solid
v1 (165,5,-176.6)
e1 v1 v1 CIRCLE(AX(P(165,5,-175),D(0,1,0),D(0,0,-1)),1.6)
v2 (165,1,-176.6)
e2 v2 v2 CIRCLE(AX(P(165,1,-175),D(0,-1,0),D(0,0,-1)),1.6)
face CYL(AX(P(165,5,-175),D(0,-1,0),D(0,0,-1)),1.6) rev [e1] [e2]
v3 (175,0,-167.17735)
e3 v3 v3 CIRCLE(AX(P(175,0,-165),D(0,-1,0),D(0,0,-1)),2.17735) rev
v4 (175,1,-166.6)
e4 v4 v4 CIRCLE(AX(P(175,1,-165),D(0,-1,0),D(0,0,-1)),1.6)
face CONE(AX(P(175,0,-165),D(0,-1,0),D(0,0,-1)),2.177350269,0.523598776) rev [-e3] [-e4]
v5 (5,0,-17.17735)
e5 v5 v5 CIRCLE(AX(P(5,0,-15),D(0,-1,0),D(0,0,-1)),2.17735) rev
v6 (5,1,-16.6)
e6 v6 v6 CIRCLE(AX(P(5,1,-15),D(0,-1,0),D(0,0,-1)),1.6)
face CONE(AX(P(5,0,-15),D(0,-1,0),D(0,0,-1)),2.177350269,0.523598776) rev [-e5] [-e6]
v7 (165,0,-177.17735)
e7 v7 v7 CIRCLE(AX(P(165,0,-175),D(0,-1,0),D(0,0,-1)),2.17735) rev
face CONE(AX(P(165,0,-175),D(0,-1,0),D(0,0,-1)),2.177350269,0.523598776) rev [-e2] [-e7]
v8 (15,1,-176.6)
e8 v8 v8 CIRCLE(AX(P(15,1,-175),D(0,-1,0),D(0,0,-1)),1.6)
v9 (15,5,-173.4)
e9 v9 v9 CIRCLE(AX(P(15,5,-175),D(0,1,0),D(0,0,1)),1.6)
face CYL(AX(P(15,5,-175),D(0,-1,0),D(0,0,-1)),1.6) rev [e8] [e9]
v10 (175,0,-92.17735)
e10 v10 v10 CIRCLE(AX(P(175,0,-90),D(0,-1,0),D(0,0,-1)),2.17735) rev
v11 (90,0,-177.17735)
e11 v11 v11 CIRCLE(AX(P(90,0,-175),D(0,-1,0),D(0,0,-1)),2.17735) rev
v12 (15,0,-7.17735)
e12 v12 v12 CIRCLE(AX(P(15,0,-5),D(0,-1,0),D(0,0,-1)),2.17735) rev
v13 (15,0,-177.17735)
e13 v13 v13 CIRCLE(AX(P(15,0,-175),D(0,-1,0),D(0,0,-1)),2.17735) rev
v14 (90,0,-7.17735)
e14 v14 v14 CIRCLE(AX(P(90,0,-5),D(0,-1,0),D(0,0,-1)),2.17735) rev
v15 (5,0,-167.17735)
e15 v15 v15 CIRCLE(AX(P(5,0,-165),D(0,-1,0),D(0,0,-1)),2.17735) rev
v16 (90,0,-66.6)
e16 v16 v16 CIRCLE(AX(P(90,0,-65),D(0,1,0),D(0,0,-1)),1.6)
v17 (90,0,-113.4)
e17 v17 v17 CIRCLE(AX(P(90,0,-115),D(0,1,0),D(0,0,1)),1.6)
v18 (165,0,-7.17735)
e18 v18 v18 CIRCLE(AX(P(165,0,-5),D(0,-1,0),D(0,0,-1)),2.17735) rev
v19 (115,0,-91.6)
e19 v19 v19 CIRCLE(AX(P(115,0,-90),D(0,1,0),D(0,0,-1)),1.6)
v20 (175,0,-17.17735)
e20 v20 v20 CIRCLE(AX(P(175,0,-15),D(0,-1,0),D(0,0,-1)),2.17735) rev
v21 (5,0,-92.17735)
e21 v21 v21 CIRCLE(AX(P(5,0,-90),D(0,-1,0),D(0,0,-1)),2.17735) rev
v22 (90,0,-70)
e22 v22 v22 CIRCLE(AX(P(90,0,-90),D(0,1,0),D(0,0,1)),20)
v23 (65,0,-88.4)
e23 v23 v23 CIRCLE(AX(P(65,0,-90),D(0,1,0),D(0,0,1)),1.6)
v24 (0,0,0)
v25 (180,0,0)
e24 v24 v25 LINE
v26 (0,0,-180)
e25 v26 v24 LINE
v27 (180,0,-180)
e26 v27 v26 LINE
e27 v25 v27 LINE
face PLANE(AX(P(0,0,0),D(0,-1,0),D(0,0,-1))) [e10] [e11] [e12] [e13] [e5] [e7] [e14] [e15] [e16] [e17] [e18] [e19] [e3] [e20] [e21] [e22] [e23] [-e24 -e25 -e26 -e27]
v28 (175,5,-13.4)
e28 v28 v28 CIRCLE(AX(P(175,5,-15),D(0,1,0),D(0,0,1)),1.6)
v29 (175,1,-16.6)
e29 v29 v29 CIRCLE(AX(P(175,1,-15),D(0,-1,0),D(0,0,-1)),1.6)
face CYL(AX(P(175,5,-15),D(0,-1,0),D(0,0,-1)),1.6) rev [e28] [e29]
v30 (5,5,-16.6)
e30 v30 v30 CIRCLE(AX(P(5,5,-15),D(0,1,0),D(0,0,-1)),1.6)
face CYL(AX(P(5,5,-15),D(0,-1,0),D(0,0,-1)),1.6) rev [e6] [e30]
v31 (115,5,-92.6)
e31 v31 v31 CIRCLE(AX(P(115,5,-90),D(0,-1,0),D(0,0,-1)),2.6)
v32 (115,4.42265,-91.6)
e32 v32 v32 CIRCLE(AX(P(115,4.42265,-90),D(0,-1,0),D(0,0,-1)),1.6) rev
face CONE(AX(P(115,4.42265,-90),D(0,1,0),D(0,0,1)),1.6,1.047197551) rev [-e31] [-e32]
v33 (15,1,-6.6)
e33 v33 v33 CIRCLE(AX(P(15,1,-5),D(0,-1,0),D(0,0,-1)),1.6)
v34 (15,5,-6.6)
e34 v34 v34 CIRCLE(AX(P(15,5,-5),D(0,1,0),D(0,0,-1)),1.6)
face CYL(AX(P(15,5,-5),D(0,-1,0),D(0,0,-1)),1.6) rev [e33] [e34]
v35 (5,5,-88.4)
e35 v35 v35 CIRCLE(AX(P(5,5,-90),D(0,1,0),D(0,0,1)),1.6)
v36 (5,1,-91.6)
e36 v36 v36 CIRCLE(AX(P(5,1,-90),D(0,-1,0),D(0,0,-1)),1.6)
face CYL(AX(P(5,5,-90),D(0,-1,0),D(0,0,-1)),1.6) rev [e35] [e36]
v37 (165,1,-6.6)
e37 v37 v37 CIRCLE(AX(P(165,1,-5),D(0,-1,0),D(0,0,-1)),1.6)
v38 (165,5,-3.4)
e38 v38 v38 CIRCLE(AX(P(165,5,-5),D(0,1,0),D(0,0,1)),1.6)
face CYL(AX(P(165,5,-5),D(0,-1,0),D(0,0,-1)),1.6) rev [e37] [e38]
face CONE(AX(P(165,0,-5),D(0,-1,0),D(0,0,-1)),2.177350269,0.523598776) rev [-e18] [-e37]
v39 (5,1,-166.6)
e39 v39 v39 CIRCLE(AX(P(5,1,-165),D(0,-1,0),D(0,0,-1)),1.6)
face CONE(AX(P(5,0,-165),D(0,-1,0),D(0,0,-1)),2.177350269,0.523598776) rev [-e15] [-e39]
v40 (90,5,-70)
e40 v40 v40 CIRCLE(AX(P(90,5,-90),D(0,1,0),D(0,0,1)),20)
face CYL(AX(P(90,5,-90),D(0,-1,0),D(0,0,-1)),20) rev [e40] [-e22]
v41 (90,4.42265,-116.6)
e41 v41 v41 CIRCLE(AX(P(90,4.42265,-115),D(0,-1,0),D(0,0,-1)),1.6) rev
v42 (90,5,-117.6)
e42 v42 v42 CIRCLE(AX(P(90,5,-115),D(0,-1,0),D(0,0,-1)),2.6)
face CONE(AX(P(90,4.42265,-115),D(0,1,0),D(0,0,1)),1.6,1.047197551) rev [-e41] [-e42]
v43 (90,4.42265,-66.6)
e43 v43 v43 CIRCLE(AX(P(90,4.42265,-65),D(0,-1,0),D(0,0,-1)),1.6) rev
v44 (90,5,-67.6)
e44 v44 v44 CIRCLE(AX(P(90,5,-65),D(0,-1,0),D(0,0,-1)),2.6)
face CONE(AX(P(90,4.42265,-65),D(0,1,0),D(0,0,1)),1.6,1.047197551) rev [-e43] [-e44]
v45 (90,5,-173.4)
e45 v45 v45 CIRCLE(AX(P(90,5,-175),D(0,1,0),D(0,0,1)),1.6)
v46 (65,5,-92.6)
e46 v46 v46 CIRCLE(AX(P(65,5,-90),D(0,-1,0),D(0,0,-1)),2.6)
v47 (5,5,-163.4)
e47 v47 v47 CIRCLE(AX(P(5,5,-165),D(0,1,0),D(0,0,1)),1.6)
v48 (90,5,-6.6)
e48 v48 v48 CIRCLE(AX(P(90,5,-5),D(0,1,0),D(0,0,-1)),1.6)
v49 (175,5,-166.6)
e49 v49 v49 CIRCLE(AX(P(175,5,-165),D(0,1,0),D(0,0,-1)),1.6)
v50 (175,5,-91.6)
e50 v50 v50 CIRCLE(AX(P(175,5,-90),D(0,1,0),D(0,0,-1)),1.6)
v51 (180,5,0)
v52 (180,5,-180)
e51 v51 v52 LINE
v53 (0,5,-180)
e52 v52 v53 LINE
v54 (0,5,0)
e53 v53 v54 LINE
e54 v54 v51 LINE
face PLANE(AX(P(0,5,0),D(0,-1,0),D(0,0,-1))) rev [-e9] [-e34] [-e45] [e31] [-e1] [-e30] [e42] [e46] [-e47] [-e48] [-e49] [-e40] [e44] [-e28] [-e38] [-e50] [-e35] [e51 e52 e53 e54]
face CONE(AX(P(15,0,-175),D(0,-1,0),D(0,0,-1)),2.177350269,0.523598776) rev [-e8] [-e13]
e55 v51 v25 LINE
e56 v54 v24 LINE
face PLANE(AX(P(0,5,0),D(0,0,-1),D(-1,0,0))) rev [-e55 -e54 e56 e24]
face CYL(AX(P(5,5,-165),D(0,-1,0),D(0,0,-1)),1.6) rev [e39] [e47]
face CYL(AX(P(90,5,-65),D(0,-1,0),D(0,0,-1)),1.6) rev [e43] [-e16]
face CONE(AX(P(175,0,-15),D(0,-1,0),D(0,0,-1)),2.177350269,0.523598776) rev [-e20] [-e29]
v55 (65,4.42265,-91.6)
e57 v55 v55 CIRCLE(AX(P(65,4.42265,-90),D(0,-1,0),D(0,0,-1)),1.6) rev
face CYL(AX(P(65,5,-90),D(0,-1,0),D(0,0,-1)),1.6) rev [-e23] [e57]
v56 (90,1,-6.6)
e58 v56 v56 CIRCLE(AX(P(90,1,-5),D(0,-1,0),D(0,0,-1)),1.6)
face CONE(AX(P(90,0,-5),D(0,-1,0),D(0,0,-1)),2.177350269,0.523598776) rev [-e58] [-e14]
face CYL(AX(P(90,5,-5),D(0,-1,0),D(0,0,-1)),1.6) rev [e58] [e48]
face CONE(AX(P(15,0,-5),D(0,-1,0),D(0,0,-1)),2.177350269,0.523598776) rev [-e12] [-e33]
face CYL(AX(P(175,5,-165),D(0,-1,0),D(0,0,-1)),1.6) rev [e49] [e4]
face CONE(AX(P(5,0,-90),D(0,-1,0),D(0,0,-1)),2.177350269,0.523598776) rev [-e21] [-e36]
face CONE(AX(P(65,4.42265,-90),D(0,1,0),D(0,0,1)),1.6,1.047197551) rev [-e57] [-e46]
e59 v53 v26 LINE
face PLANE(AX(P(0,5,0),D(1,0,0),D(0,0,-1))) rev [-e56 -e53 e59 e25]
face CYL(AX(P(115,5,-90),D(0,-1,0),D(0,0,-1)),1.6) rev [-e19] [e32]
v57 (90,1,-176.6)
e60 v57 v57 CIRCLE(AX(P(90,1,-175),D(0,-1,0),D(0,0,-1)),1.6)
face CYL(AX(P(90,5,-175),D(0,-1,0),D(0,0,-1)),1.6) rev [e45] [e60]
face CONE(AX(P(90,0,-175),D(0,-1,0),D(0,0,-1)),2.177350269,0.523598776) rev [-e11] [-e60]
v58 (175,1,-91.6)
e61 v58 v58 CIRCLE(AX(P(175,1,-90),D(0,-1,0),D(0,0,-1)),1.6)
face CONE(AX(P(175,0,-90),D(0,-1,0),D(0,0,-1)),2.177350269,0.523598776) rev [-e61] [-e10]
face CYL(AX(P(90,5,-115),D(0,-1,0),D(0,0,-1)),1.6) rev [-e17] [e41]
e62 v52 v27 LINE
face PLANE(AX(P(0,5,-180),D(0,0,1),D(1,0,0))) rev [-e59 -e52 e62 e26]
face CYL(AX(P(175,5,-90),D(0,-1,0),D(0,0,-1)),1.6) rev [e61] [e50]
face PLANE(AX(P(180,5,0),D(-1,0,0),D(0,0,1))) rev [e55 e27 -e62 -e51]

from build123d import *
from OCP.BRepFilletAPI import BRepFilletAPI_MakeChamfer

# Parameters (mm, degrees)
SKETCH1_W           = 180
SKETCH1_H           = 180
SKETCH1_R           = 20
SKETCH1_R_2         = 1.6
BOSS_EXTRUDE1_DEPTH = 5
CHAMFER3_SIZE       = 1
CHAMFER3_SIZE2      = 0.577350269
CHAMFER4_SIZE       = 1
CHAMFER4_SIZE2      = 0.577350269


with BuildPart() as part:
    # Sketch1 → Boss-Extrude1 (new body)
    with BuildSketch(Plane(origin=(0, 0, 0), x_dir=(1, 0, 0), z_dir=(0, 1, 0))):
        with Locations((90, 90)):
            Rectangle(SKETCH1_W, SKETCH1_H)
        with Locations(Location((90, 90, 0), (0, 0, 270))):
            Circle(SKETCH1_R, mode=Mode.SUBTRACT)
        with Locations(Location((5, 165, 0), (0, 0, 270))):
            Circle(SKETCH1_R_2, mode=Mode.SUBTRACT)
        with Locations(Location((5, 90, 0), (0, 0, 270))):
            Circle(SKETCH1_R_2, mode=Mode.SUBTRACT)
        with Locations(Location((5, 15, 0), (0, 0, 90))):
            Circle(SKETCH1_R_2, mode=Mode.SUBTRACT)
        with Locations(Location((175, 15, 0), (0, 0, 270))):
            Circle(SKETCH1_R_2, mode=Mode.SUBTRACT)
        with Locations(Location((175, 90, 0), (0, 0, 90))):
            Circle(SKETCH1_R_2, mode=Mode.SUBTRACT)
        with Locations(Location((175, 165, 0), (0, 0, 90))):
            Circle(SKETCH1_R_2, mode=Mode.SUBTRACT)
        with Locations(Location((15, 175, 0), (0, 0, 270))):
            Circle(SKETCH1_R_2, mode=Mode.SUBTRACT)
        with Locations(Location((90, 175, 0), (0, 0, 270))):
            Circle(SKETCH1_R_2, mode=Mode.SUBTRACT)
        with Locations(Location((165, 175, 0), (0, 0, 90))):
            Circle(SKETCH1_R_2, mode=Mode.SUBTRACT)
        with Locations(Location((165, 5, 0), (0, 0, 270))):
            Circle(SKETCH1_R_2, mode=Mode.SUBTRACT)
        with Locations(Location((90, 5, 0), (0, 0, 90))):
            Circle(SKETCH1_R_2, mode=Mode.SUBTRACT)
        with Locations(Location((15, 5, 0), (0, 0, 90))):
            Circle(SKETCH1_R_2, mode=Mode.SUBTRACT)
        with Locations(Location((90, 115, 0), (0, 0, 270))):
            Circle(SKETCH1_R_2, mode=Mode.SUBTRACT)
        with Locations(Location((90, 65, 0), (0, 0, 90))):
            Circle(SKETCH1_R_2, mode=Mode.SUBTRACT)
        with Locations(Location((65, 90, 0), (0, 0, 270))):
            Circle(SKETCH1_R_2, mode=Mode.SUBTRACT)
        with Locations(Location((115, 90, 0), (0, 0, 90))):
            Circle(SKETCH1_R_2, mode=Mode.SUBTRACT)
    extrude(amount=BOSS_EXTRUDE1_DEPTH)

    # Chamfer3
    chamfer3_edges = [part.edges().sort_by_distance(p)[0] for p in [
        (90, 5, -116.6),
        (90, 5, -63.4),
        (65, 5, -91.6),
        (115, 5, -88.4),
    ]]
    chamfer3_side = [part.faces().sort_by_distance(p)[0] for p in [
        (90, 5, -2.545584412),
    ]]
    chamfer(chamfer3_edges, length=CHAMFER3_SIZE, length2=CHAMFER3_SIZE2, reference=chamfer3_side[0])

    # Chamfer4: one chamfer whose edges measure the first distance from different faces: ONE call of the kernel's chamfer builder (chamfer() names one face for all edges)
    chamfer4_edges_1 = [part.edges().sort_by_distance(p)[0] for p in [
        (175, 0, -16.6),
    ]]
    chamfer4_side_1 = [part.faces().sort_by_distance(p)[0] for p in [
        (175, 2.5, -16.6),
    ]]
    chamfer4_edges_2 = [part.edges().sort_by_distance(p)[0] for p in [
        (5, 0, -166.6),
    ]]
    chamfer4_side_2 = [part.faces().sort_by_distance(p)[0] for p in [
        (5, 2.5, -166.6),
    ]]
    chamfer4_edges_3 = [part.edges().sort_by_distance(p)[0] for p in [
        (5, 0, -91.6),
    ]]
    chamfer4_side_3 = [part.faces().sort_by_distance(p)[0] for p in [
        (5, 2.5, -91.6),
    ]]
    chamfer4_edges_4 = [part.edges().sort_by_distance(p)[0] for p in [
        (15, 0, -176.6),
    ]]
    chamfer4_side_4 = [part.faces().sort_by_distance(p)[0] for p in [
        (15, 2.5, -176.6),
    ]]
    chamfer4_edges_5 = [part.edges().sort_by_distance(p)[0] for p in [
        (5, 0, -13.4),
    ]]
    chamfer4_side_5 = [part.faces().sort_by_distance(p)[0] for p in [
        (5, 2.5, -13.4),
    ]]
    chamfer4_edges_6 = [part.edges().sort_by_distance(p)[0] for p in [
        (175, 0, -88.4),
    ]]
    chamfer4_side_6 = [part.faces().sort_by_distance(p)[0] for p in [
        (175, 2.5, -88.4),
    ]]
    chamfer4_edges_7 = [part.edges().sort_by_distance(p)[0] for p in [
        (175, 0, -163.4),
    ]]
    chamfer4_side_7 = [part.faces().sort_by_distance(p)[0] for p in [
        (175, 2.5, -163.4),
    ]]
    chamfer4_edges_8 = [part.edges().sort_by_distance(p)[0] for p in [
        (90, 0, -176.6),
    ]]
    chamfer4_side_8 = [part.faces().sort_by_distance(p)[0] for p in [
        (90, 2.5, -176.6),
    ]]
    chamfer4_edges_9 = [part.edges().sort_by_distance(p)[0] for p in [
        (165, 0, -173.4),
    ]]
    chamfer4_side_9 = [part.faces().sort_by_distance(p)[0] for p in [
        (165, 2.5, -173.4),
    ]]
    chamfer4_edges_10 = [part.edges().sort_by_distance(p)[0] for p in [
        (165, 0, -6.6),
    ]]
    chamfer4_side_10 = [part.faces().sort_by_distance(p)[0] for p in [
        (165, 2.5, -6.6),
    ]]
    chamfer4_edges_11 = [part.edges().sort_by_distance(p)[0] for p in [
        (90, 0, -3.4),
    ]]
    chamfer4_side_11 = [part.faces().sort_by_distance(p)[0] for p in [
        (90, 2.5, -3.4),
    ]]
    chamfer4_edges_12 = [part.edges().sort_by_distance(p)[0] for p in [
        (15, 0, -3.4),
    ]]
    chamfer4_side_12 = [part.faces().sort_by_distance(p)[0] for p in [
        (15, 2.5, -3.4),
    ]]
    chamfer4 = BRepFilletAPI_MakeChamfer(part.part.solid().wrapped)
    for e in chamfer4_edges_1:
        chamfer4.Add(CHAMFER4_SIZE, CHAMFER4_SIZE2, e.wrapped, chamfer4_side_1[0].wrapped)  # the first distance lies on this face
    for e in chamfer4_edges_2:
        chamfer4.Add(CHAMFER4_SIZE, CHAMFER4_SIZE2, e.wrapped, chamfer4_side_2[0].wrapped)  # the first distance lies on this face
    for e in chamfer4_edges_3:
        chamfer4.Add(CHAMFER4_SIZE, CHAMFER4_SIZE2, e.wrapped, chamfer4_side_3[0].wrapped)  # the first distance lies on this face
    for e in chamfer4_edges_4:
        chamfer4.Add(CHAMFER4_SIZE, CHAMFER4_SIZE2, e.wrapped, chamfer4_side_4[0].wrapped)  # the first distance lies on this face
    for e in chamfer4_edges_5:
        chamfer4.Add(CHAMFER4_SIZE, CHAMFER4_SIZE2, e.wrapped, chamfer4_side_5[0].wrapped)  # the first distance lies on this face
    for e in chamfer4_edges_6:
        chamfer4.Add(CHAMFER4_SIZE, CHAMFER4_SIZE2, e.wrapped, chamfer4_side_6[0].wrapped)  # the first distance lies on this face
    for e in chamfer4_edges_7:
        chamfer4.Add(CHAMFER4_SIZE, CHAMFER4_SIZE2, e.wrapped, chamfer4_side_7[0].wrapped)  # the first distance lies on this face
    for e in chamfer4_edges_8:
        chamfer4.Add(CHAMFER4_SIZE, CHAMFER4_SIZE2, e.wrapped, chamfer4_side_8[0].wrapped)  # the first distance lies on this face
    for e in chamfer4_edges_9:
        chamfer4.Add(CHAMFER4_SIZE, CHAMFER4_SIZE2, e.wrapped, chamfer4_side_9[0].wrapped)  # the first distance lies on this face
    for e in chamfer4_edges_10:
        chamfer4.Add(CHAMFER4_SIZE, CHAMFER4_SIZE2, e.wrapped, chamfer4_side_10[0].wrapped)  # the first distance lies on this face
    for e in chamfer4_edges_11:
        chamfer4.Add(CHAMFER4_SIZE, CHAMFER4_SIZE2, e.wrapped, chamfer4_side_11[0].wrapped)  # the first distance lies on this face
    for e in chamfer4_edges_12:
        chamfer4.Add(CHAMFER4_SIZE, CHAMFER4_SIZE2, e.wrapped, chamfer4_side_12[0].wrapped)  # the first distance lies on this face
    add(Compound.cast(chamfer4.Shape()), mode=Mode.REPLACE)


solid = part.part
